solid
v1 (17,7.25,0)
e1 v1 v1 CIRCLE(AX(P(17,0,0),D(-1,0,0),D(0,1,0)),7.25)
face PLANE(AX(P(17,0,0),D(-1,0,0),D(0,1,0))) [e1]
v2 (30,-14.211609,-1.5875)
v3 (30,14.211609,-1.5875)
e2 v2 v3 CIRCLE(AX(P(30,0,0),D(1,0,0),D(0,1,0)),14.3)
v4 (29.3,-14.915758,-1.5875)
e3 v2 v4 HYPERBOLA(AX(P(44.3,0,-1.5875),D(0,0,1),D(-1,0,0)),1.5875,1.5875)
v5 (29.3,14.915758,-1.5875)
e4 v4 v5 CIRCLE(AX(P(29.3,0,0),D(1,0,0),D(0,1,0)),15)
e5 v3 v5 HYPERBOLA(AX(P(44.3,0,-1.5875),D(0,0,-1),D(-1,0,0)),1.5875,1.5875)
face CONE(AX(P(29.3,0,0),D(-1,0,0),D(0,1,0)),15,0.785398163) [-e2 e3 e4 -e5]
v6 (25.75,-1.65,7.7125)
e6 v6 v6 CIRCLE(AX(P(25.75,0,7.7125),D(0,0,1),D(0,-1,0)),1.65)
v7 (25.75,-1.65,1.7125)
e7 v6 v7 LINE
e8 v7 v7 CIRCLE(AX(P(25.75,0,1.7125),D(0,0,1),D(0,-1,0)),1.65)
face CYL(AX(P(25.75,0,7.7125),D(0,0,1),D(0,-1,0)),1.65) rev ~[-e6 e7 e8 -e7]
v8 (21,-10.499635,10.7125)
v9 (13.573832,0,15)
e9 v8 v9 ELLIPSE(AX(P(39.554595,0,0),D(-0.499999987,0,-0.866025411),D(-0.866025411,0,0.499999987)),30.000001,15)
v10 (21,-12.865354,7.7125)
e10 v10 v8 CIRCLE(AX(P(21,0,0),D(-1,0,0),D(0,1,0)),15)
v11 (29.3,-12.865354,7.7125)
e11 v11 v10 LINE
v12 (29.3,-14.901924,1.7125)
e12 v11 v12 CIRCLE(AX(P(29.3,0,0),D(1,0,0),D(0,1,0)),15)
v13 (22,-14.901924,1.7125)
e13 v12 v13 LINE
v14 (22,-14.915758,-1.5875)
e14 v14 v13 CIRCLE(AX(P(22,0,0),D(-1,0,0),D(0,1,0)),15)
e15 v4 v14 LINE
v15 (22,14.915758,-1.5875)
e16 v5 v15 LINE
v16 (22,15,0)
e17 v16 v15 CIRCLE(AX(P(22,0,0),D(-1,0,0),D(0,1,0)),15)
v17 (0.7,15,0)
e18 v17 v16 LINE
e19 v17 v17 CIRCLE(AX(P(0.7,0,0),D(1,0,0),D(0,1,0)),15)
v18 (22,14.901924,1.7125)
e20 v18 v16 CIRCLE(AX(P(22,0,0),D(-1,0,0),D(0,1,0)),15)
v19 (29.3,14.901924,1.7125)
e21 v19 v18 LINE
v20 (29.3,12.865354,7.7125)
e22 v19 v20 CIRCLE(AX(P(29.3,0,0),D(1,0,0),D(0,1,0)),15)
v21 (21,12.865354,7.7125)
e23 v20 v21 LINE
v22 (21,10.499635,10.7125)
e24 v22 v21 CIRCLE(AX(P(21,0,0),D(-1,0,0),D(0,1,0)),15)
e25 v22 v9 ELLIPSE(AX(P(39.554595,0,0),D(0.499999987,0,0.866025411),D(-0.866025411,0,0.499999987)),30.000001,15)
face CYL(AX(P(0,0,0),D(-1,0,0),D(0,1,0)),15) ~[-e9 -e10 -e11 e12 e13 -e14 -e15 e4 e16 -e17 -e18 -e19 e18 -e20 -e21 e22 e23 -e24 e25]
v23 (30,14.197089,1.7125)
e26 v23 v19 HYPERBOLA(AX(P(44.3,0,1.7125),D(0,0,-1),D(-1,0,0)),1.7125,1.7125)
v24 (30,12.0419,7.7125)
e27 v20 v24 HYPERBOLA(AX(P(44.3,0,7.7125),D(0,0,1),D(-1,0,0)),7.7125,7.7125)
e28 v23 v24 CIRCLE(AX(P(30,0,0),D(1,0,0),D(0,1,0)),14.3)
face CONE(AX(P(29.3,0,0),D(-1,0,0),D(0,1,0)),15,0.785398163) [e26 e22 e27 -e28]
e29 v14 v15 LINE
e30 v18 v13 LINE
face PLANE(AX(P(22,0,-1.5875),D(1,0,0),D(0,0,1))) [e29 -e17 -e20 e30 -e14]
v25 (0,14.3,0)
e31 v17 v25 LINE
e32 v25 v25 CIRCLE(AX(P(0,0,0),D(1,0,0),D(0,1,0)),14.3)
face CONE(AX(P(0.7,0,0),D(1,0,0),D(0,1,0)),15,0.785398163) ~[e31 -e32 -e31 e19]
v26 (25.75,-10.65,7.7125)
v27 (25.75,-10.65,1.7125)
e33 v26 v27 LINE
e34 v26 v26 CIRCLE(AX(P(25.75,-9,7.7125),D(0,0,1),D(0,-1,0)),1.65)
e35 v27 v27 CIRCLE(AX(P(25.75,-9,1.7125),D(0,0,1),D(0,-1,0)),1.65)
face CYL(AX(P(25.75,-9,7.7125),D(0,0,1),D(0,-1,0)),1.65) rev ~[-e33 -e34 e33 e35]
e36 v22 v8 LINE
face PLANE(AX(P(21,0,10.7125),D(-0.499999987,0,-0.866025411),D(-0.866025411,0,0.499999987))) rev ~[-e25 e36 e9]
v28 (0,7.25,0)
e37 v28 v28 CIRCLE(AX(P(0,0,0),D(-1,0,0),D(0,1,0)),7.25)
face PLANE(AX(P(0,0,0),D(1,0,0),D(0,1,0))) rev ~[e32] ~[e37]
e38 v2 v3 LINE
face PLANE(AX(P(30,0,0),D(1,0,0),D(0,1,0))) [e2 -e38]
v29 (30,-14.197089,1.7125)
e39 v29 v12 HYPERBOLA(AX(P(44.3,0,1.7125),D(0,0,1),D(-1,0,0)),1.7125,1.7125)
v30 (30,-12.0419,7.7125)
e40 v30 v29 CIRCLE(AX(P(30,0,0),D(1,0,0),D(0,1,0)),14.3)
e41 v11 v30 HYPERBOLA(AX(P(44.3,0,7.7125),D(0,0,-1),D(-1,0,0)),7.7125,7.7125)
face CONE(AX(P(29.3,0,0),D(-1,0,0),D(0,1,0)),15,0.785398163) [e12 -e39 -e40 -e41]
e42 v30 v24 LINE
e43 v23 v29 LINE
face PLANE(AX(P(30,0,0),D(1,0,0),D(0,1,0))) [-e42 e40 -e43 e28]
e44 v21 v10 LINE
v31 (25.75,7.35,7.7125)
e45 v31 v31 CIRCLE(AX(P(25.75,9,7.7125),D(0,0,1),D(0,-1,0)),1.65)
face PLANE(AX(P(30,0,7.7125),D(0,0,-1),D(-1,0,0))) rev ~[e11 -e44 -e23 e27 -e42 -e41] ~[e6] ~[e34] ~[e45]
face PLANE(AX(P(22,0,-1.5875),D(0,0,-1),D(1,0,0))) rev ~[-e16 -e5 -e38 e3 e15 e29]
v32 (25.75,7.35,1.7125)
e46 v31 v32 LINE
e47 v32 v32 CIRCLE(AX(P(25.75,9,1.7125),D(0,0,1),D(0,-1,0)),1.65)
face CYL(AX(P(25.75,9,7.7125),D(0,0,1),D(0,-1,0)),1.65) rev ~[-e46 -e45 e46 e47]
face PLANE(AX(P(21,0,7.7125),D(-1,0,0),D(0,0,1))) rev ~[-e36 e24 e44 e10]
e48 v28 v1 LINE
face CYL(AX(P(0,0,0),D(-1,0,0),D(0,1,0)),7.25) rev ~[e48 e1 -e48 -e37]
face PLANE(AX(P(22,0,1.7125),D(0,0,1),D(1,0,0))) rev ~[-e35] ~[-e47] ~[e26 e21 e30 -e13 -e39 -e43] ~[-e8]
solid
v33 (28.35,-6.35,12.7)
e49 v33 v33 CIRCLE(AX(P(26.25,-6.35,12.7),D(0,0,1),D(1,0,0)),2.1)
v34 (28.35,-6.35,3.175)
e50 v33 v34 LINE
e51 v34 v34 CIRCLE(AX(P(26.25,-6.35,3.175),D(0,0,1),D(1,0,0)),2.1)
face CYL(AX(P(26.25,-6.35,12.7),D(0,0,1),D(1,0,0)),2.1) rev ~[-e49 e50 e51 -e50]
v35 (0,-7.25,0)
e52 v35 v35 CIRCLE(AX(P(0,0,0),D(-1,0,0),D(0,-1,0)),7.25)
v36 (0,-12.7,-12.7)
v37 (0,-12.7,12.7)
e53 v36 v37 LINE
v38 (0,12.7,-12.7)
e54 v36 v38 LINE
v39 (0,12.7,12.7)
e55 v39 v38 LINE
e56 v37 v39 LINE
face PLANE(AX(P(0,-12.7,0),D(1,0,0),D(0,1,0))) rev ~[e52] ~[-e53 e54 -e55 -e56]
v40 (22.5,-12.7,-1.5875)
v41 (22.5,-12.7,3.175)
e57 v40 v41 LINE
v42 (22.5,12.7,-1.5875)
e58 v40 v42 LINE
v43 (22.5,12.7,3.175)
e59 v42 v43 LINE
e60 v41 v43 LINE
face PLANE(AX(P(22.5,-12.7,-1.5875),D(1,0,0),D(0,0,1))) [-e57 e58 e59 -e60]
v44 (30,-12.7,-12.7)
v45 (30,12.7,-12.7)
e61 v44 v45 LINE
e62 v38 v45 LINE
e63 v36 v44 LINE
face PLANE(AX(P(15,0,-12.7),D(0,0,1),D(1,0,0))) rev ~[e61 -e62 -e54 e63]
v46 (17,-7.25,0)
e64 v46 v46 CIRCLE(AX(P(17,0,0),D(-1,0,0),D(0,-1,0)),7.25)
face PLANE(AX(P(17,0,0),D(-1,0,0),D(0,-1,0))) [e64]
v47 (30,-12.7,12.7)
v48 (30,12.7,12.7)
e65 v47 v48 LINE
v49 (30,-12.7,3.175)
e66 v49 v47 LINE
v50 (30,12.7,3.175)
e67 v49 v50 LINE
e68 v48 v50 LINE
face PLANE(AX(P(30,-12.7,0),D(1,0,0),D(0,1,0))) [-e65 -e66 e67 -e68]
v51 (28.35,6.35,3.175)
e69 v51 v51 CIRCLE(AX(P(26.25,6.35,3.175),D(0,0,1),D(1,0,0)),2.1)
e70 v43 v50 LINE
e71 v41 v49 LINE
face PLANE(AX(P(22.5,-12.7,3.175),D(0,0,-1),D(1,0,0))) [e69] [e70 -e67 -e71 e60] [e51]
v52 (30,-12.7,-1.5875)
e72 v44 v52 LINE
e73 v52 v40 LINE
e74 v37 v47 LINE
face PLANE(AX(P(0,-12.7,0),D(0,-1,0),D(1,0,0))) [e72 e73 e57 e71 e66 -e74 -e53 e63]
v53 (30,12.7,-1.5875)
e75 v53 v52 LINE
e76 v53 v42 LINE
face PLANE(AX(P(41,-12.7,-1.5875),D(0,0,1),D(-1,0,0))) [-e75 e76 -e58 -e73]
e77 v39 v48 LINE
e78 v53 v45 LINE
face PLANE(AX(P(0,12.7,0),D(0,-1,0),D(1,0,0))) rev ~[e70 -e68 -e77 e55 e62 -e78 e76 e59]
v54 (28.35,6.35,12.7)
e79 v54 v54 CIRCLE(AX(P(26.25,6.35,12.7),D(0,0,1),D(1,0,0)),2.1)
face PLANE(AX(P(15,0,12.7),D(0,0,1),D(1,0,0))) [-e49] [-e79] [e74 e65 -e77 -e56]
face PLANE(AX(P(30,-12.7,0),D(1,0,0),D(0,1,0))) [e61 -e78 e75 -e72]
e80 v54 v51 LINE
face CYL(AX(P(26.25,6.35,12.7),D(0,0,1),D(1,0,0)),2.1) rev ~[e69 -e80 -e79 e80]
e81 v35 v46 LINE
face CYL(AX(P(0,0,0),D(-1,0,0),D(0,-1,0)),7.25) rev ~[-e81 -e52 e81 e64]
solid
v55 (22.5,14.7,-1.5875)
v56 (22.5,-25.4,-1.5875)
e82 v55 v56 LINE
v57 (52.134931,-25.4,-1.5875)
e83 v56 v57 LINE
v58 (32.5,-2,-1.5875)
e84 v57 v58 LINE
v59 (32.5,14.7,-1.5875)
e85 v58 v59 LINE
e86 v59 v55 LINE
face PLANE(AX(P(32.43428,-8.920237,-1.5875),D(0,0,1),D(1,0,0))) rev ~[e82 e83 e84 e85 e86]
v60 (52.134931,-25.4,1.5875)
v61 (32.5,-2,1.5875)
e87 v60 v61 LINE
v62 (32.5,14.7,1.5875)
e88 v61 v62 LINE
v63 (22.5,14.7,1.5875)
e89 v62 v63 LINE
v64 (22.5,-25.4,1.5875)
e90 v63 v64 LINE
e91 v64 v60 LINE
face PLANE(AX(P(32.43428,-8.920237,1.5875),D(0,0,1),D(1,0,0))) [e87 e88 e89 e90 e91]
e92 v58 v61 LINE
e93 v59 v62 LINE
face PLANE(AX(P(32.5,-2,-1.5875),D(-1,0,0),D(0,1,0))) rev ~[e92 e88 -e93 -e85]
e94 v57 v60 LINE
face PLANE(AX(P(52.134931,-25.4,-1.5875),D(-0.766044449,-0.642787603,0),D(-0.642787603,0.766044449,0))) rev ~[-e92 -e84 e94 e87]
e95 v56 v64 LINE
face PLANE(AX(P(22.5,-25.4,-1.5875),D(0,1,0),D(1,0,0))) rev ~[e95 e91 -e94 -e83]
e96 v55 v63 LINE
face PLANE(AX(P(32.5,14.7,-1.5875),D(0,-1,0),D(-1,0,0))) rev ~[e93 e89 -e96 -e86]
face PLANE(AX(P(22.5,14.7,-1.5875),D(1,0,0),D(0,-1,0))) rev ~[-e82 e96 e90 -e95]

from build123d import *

# Parameters (mm, degrees)
SKETCH001_R       = 15
PAD_DEPTH         = 30
CHAMFER_SIZE      = 0.7
POCKET_DEPTH      = 15.001
POCKET_DEPTH_BACK = -15.001
SKETCH003_R       = 1.65
POCKET001_DEPTH   = 6
SKETCH004_R       = 7.25
POCKET002_DEPTH   = 17
PAD001_DEPTH      = 3.175
SKETCH006_W       = 30
SKETCH006_H       = 25.4
PAD002_DEPTH      = 12.7
SKETCH007_R       = 7.25
POCKET003_DEPTH   = 17
POCKET004_DEPTH   = 25.401
SKETCH010_R       = 2.1
POCKET005_DEPTH   = 9.525


with BuildPart() as body:
    # Sketch001 → Pad (new body)
    with BuildSketch(Plane.YZ):
        Circle(SKETCH001_R)
    extrude(amount=PAD_DEPTH)

    # Chamfer
    chamfer_edges = [body.edges().sort_by_distance(p)[0] for p in [
        (30, -15, 0),
        (0, -15, 0),
    ]]
    chamfer(chamfer_edges, length=CHAMFER_SIZE)

    # Sketch002 (on DatumPlane) → Pocket (cut, two sides)
    with BuildSketch(Plane(origin=(15, 0, 0), x_dir=(1, 0, 0), z_dir=(0, -1, 0))) as pocket_sk:
        Polygon((15, -1.5875), (7, -1.5875), (7, 1.7125), (15, 1.7125), (15, 7.7125), (6, 7.7125), (6, 10.7125), (-4.998523, 17.0625), (-4.998523, 38.7125), (16, 38.7125), (16, -1.5875), align=None)
    extrude(amount=-POCKET_DEPTH, mode=Mode.SUBTRACT)
    extrude(pocket_sk.sketch, amount=-POCKET_DEPTH_BACK, mode=Mode.SUBTRACT)

    # Sketch003 (on Face8 of Pocket) → Pocket001 (cut)
    with BuildSketch(Plane(origin=(0, 0, 7.7125), x_dir=(0, -1, 0), z_dir=(0, 0, 1))):
        with Locations((9, 25.75)):
            Circle(SKETCH003_R)
        with Locations((0, 25.75)):
            Circle(SKETCH003_R)
        with Locations((-9, 25.75)):
            Circle(SKETCH003_R)
    extrude(amount=-POCKET001_DEPTH, mode=Mode.SUBTRACT)

    # Sketch004 (on Face17 of Pocket001) → Pocket002 (cut)
    with BuildSketch(Plane(origin=(0, 0, 0), x_dir=(0, 1, 0), z_dir=(-1, 0, 0))):
        Circle(SKETCH004_R)
    extrude(amount=-POCKET002_DEPTH, mode=Mode.SUBTRACT)


with BuildPart() as body001:
    # Sketch005 (on ShapeBinder) → Pad001 (new body)
    with BuildSketch(Plane.XY.offset(-1.5875)):
        Polygon((22.5, 14.7), (22.5, -25.4), (52.134931, -25.4), (32.5, -2), (32.5, 14.7), align=None)
    extrude(amount=PAD001_DEPTH)


with BuildPart() as body002:
    # Sketch006 → Pad002 (new body, symmetric)
    with BuildSketch(Plane.XY):
        with Locations((15, 0)):
            Rectangle(SKETCH006_W, SKETCH006_H)
    extrude(amount=PAD002_DEPTH, both=True)

    # Sketch007 (on Face4 of Pad002) → Pocket003 (cut)
    with BuildSketch(Plane(origin=(0, 0, 0), x_dir=(0, -1, 0), z_dir=(-1, 0, 0))):
        Circle(SKETCH007_R)
    extrude(amount=-POCKET003_DEPTH, mode=Mode.SUBTRACT)

    # Sketch008 (on Face6 of Pocket003) → Pocket004 (cut, through all)
    with BuildSketch(Plane.XZ.offset(12.7)):
        Polygon((41, -1.5875), (22.5, -1.5875), (22.5, 3.175), (36, 3.175), (36, 18.175), (21, 18.175), (21, 33.175), (41, 33.175), align=None)
    extrude(amount=-POCKET004_DEPTH, mode=Mode.SUBTRACT)

    # Sketch010 (on Face8 of Pocket004) → Pocket005 (cut)
    with BuildSketch(Plane.XY.offset(12.7)):
        with Locations((26.25, -6.35)):
            Circle(SKETCH010_R)
        with Locations((26.25, 6.35)):
            Circle(SKETCH010_R)
    extrude(amount=-POCKET005_DEPTH, mode=Mode.SUBTRACT)


solid = Compound([body.part, body001.part, body002.part])
